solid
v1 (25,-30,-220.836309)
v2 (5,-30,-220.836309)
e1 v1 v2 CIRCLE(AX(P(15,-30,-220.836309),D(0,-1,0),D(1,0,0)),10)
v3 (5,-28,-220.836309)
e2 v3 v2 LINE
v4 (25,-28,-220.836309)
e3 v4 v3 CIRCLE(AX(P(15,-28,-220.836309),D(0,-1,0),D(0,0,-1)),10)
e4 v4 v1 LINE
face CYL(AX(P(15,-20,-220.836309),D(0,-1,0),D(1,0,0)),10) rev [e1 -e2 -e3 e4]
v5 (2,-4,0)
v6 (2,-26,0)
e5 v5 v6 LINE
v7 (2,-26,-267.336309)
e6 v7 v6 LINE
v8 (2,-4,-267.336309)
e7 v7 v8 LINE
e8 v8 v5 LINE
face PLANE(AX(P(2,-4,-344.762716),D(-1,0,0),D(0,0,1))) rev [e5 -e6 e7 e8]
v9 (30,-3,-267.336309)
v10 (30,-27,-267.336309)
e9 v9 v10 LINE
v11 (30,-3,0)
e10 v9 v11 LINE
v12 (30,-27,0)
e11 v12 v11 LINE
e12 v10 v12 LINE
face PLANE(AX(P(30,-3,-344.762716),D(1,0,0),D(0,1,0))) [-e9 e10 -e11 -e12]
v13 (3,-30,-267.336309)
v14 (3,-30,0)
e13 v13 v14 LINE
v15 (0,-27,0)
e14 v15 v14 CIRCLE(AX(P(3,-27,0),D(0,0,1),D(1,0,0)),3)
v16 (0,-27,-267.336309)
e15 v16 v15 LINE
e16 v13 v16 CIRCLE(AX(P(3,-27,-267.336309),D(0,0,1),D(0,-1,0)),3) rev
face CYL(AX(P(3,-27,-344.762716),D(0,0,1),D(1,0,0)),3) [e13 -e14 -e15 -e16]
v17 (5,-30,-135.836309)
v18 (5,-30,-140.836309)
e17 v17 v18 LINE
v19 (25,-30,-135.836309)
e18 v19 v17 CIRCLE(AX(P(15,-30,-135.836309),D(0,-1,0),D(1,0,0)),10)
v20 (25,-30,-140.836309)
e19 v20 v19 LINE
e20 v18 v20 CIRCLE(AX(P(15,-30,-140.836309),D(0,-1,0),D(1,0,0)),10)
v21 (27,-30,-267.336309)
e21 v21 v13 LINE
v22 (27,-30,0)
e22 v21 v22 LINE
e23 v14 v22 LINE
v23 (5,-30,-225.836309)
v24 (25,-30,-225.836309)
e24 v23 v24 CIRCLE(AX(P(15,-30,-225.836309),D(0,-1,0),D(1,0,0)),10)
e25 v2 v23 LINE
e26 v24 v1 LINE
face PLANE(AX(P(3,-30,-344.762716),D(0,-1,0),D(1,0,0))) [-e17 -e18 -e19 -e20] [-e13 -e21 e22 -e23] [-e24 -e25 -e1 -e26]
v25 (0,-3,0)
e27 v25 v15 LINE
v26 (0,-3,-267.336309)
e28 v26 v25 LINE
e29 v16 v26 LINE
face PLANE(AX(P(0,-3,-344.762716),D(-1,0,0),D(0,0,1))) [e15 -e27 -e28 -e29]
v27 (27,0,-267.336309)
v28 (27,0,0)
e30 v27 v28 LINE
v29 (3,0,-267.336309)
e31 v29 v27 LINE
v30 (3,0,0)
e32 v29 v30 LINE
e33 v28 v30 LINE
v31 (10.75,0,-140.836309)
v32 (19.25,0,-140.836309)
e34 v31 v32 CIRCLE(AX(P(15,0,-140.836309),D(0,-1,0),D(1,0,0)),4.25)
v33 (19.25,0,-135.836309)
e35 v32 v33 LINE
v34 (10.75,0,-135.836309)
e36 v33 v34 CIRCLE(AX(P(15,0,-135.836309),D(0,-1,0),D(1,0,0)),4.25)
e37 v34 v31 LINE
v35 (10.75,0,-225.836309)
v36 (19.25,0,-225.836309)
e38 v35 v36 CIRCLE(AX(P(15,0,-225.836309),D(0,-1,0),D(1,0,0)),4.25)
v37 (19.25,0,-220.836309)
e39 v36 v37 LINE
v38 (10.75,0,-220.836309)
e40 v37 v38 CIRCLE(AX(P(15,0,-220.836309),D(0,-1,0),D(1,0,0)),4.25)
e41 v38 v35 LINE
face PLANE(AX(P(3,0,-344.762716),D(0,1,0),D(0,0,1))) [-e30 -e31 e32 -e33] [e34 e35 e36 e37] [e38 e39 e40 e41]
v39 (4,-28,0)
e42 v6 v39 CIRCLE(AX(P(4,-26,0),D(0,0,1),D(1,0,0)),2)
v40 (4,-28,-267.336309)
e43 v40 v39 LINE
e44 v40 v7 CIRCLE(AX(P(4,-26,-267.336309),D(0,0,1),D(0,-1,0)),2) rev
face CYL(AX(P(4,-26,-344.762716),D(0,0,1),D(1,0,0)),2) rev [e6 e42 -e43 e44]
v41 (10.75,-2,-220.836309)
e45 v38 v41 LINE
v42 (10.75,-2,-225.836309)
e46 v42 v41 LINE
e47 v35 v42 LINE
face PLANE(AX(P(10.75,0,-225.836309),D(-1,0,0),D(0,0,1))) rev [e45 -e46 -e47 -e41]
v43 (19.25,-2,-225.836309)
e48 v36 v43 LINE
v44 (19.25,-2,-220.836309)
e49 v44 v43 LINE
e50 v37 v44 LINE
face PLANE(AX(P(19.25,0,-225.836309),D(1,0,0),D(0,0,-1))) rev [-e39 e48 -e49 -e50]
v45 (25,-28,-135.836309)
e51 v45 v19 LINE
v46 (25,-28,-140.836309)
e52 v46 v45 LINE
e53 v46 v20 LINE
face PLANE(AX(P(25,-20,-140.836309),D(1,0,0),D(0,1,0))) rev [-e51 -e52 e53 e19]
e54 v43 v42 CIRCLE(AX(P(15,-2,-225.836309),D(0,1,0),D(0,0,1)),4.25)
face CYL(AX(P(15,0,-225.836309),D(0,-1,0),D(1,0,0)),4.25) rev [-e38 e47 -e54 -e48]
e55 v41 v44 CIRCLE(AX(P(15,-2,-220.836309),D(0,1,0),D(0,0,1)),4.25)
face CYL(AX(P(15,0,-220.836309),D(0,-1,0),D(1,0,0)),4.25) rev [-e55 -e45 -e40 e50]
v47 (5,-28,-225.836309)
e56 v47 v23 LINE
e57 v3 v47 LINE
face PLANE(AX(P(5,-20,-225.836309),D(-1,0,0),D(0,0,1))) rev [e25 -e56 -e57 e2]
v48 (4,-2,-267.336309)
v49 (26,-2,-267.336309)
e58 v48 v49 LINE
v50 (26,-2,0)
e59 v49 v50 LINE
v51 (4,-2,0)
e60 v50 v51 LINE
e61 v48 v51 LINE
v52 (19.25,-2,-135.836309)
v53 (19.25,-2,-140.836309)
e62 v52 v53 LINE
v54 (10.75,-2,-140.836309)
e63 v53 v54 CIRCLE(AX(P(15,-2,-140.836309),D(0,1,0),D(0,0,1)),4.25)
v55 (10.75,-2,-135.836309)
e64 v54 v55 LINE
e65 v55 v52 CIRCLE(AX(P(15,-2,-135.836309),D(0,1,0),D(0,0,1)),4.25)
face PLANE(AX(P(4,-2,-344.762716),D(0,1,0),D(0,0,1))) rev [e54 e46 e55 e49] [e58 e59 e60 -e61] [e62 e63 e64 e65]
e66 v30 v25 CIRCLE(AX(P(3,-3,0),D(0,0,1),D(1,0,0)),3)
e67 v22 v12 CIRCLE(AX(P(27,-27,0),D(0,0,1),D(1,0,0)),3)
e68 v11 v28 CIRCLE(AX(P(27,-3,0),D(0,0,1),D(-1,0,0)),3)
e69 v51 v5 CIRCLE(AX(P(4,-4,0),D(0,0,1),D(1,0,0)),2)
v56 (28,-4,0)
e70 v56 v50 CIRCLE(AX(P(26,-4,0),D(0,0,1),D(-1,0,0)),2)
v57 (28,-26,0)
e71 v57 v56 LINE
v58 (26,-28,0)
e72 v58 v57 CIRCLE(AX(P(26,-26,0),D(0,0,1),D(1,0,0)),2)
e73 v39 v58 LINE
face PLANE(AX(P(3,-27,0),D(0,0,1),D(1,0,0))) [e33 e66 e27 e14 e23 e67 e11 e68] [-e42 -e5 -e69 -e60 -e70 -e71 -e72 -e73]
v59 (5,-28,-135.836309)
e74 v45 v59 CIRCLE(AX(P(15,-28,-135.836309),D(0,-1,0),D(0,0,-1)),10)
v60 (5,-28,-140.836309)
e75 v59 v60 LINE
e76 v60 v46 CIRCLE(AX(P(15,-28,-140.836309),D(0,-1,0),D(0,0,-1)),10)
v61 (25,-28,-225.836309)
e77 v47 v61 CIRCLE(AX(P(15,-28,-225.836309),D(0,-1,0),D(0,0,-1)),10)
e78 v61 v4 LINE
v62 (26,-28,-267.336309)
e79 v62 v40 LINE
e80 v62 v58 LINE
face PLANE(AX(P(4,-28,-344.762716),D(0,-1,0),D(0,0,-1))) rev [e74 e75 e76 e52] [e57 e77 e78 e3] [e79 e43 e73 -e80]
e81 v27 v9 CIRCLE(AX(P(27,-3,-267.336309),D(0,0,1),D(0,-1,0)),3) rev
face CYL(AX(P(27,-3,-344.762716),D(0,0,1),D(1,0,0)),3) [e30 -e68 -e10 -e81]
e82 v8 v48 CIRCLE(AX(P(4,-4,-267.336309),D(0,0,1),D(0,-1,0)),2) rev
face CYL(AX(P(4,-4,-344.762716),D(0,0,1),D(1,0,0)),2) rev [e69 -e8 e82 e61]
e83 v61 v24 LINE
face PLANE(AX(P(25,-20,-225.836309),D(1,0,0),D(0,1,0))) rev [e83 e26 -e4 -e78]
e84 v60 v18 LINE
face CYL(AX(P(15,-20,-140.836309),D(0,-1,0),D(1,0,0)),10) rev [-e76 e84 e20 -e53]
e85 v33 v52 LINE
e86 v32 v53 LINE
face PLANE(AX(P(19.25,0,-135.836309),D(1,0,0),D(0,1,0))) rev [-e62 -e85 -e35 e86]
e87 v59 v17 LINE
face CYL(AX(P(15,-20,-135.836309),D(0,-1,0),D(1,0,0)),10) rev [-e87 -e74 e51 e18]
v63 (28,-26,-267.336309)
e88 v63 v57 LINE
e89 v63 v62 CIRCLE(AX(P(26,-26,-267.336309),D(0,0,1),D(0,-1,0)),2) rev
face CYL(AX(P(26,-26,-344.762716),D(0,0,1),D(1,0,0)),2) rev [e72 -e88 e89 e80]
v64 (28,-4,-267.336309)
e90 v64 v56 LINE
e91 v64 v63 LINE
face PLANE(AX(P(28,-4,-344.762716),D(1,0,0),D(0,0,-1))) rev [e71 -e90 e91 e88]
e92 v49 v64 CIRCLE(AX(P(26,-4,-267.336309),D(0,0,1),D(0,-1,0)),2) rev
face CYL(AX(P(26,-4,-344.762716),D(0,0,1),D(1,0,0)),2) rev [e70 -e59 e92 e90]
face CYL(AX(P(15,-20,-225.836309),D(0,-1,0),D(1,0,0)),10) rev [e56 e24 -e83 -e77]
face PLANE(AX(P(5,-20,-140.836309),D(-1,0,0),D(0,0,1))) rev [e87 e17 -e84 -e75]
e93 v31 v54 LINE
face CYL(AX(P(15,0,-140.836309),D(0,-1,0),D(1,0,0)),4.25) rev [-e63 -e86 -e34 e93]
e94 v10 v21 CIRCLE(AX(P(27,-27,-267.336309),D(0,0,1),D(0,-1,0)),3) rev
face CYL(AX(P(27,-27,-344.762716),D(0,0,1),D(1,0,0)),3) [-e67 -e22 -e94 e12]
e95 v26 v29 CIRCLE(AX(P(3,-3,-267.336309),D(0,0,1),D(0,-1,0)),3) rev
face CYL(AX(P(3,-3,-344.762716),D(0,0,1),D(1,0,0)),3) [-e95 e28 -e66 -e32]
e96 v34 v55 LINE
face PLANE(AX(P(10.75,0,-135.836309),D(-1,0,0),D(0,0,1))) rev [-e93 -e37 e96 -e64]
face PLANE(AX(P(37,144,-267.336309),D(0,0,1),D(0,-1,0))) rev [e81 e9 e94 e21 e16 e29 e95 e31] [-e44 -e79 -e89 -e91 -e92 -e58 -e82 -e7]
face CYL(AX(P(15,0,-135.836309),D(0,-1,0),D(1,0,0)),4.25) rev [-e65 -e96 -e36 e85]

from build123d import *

# Parameters (mm, degrees)
EXTRUDE_1_DEPTH     = 267.336309
CUT_EXTRUDE_1_DEPTH = 31
CUT_EXTRUDE_2_DEPTH = 10


with BuildPart() as part:
    # Эскиз1 → Бобышка-Вытянуть1 (new body)
    with BuildSketch(Plane.XY):
        with BuildLine():
            Line((3, 0), (27, 0))
            ThreePointArc((27, 0), (29.121320344, -0.878679656), (30, -3))
            Line((30, -3), (30, -27))
            ThreePointArc((30, -27), (29.121320344, -29.121320344), (27, -30))
            Line((27, -30), (3, -30))
            ThreePointArc((3, -30), (0.878679656, -29.121320344), (0, -27))
            Line((0, -27), (0, -3))
            ThreePointArc((0, -3), (0.878679656, -0.878679656), (3, 0))
        make_face()
        with BuildLine():
            Line((4, -2), (26, -2))
            ThreePointArc((26, -2), (27.414213562, -2.585786438), (28, -4))
            Line((28, -4), (28, -26))
            ThreePointArc((28, -26), (27.414213562, -27.414213562), (26, -28))
            Line((26, -28), (4, -28))
            ThreePointArc((4, -28), (2.585786438, -27.414213562), (2, -26))
            Line((2, -26), (2, -4))
            ThreePointArc((2, -4), (2.585786438, -2.585786438), (4, -2))
        make_face(mode=Mode.SUBTRACT)
    extrude(amount=-EXTRUDE_1_DEPTH)

    # Эскиз2 → Вырез-Вытянуть1 (cut, through all)
    with BuildSketch(Plane.XZ.offset(30)):
        with BuildLine():
            Line((19.25, -135.836309448), (19.25, -140.836309448))
            ThreePointArc((19.25, -140.836309448), (15, -145.086309448), (10.75, -140.836309448))
            Line((10.75, -140.836309448), (10.75, -135.836309448))
            ThreePointArc((10.75, -135.836309448), (15, -131.586309448), (19.25, -135.836309448))
        make_face()
        with BuildLine():
            Line((10.75, -225.836309448), (10.75, -220.836309448))
            ThreePointArc((10.75, -220.836309448), (15, -216.586309448), (19.25, -220.836309448))
            Line((19.25, -220.836309448), (19.25, -225.836309448))
            ThreePointArc((19.25, -225.836309448), (15, -230.086309448), (10.75, -225.836309448))
        make_face()
    extrude(amount=-CUT_EXTRUDE_1_DEPTH, mode=Mode.SUBTRACT)

    # Эскиз3 → Вырез-Вытянуть2 (cut)
    with BuildSketch(Plane.XZ.offset(30)):
        with BuildLine():
            Line((5, -140.836309448), (5, -135.836309448))
            ThreePointArc((5, -135.836309448), (15, -125.836309448), (25, -135.836309448))
            Line((25, -135.836309448), (25, -140.836309448))
            ThreePointArc((25, -140.836309448), (15, -150.836309448), (5, -140.836309448))
        make_face()
        with BuildLine():
            Line((5, -225.836309448), (5, -220.836309448))
            ThreePointArc((5, -220.836309448), (15, -210.836309448), (25, -220.836309448))
            Line((25, -220.836309448), (25, -225.836309448))
            ThreePointArc((25, -225.836309448), (15, -235.836309448), (5, -225.836309448))
        make_face()
    extrude(amount=-CUT_EXTRUDE_2_DEPTH, mode=Mode.SUBTRACT)


solid = part.part
